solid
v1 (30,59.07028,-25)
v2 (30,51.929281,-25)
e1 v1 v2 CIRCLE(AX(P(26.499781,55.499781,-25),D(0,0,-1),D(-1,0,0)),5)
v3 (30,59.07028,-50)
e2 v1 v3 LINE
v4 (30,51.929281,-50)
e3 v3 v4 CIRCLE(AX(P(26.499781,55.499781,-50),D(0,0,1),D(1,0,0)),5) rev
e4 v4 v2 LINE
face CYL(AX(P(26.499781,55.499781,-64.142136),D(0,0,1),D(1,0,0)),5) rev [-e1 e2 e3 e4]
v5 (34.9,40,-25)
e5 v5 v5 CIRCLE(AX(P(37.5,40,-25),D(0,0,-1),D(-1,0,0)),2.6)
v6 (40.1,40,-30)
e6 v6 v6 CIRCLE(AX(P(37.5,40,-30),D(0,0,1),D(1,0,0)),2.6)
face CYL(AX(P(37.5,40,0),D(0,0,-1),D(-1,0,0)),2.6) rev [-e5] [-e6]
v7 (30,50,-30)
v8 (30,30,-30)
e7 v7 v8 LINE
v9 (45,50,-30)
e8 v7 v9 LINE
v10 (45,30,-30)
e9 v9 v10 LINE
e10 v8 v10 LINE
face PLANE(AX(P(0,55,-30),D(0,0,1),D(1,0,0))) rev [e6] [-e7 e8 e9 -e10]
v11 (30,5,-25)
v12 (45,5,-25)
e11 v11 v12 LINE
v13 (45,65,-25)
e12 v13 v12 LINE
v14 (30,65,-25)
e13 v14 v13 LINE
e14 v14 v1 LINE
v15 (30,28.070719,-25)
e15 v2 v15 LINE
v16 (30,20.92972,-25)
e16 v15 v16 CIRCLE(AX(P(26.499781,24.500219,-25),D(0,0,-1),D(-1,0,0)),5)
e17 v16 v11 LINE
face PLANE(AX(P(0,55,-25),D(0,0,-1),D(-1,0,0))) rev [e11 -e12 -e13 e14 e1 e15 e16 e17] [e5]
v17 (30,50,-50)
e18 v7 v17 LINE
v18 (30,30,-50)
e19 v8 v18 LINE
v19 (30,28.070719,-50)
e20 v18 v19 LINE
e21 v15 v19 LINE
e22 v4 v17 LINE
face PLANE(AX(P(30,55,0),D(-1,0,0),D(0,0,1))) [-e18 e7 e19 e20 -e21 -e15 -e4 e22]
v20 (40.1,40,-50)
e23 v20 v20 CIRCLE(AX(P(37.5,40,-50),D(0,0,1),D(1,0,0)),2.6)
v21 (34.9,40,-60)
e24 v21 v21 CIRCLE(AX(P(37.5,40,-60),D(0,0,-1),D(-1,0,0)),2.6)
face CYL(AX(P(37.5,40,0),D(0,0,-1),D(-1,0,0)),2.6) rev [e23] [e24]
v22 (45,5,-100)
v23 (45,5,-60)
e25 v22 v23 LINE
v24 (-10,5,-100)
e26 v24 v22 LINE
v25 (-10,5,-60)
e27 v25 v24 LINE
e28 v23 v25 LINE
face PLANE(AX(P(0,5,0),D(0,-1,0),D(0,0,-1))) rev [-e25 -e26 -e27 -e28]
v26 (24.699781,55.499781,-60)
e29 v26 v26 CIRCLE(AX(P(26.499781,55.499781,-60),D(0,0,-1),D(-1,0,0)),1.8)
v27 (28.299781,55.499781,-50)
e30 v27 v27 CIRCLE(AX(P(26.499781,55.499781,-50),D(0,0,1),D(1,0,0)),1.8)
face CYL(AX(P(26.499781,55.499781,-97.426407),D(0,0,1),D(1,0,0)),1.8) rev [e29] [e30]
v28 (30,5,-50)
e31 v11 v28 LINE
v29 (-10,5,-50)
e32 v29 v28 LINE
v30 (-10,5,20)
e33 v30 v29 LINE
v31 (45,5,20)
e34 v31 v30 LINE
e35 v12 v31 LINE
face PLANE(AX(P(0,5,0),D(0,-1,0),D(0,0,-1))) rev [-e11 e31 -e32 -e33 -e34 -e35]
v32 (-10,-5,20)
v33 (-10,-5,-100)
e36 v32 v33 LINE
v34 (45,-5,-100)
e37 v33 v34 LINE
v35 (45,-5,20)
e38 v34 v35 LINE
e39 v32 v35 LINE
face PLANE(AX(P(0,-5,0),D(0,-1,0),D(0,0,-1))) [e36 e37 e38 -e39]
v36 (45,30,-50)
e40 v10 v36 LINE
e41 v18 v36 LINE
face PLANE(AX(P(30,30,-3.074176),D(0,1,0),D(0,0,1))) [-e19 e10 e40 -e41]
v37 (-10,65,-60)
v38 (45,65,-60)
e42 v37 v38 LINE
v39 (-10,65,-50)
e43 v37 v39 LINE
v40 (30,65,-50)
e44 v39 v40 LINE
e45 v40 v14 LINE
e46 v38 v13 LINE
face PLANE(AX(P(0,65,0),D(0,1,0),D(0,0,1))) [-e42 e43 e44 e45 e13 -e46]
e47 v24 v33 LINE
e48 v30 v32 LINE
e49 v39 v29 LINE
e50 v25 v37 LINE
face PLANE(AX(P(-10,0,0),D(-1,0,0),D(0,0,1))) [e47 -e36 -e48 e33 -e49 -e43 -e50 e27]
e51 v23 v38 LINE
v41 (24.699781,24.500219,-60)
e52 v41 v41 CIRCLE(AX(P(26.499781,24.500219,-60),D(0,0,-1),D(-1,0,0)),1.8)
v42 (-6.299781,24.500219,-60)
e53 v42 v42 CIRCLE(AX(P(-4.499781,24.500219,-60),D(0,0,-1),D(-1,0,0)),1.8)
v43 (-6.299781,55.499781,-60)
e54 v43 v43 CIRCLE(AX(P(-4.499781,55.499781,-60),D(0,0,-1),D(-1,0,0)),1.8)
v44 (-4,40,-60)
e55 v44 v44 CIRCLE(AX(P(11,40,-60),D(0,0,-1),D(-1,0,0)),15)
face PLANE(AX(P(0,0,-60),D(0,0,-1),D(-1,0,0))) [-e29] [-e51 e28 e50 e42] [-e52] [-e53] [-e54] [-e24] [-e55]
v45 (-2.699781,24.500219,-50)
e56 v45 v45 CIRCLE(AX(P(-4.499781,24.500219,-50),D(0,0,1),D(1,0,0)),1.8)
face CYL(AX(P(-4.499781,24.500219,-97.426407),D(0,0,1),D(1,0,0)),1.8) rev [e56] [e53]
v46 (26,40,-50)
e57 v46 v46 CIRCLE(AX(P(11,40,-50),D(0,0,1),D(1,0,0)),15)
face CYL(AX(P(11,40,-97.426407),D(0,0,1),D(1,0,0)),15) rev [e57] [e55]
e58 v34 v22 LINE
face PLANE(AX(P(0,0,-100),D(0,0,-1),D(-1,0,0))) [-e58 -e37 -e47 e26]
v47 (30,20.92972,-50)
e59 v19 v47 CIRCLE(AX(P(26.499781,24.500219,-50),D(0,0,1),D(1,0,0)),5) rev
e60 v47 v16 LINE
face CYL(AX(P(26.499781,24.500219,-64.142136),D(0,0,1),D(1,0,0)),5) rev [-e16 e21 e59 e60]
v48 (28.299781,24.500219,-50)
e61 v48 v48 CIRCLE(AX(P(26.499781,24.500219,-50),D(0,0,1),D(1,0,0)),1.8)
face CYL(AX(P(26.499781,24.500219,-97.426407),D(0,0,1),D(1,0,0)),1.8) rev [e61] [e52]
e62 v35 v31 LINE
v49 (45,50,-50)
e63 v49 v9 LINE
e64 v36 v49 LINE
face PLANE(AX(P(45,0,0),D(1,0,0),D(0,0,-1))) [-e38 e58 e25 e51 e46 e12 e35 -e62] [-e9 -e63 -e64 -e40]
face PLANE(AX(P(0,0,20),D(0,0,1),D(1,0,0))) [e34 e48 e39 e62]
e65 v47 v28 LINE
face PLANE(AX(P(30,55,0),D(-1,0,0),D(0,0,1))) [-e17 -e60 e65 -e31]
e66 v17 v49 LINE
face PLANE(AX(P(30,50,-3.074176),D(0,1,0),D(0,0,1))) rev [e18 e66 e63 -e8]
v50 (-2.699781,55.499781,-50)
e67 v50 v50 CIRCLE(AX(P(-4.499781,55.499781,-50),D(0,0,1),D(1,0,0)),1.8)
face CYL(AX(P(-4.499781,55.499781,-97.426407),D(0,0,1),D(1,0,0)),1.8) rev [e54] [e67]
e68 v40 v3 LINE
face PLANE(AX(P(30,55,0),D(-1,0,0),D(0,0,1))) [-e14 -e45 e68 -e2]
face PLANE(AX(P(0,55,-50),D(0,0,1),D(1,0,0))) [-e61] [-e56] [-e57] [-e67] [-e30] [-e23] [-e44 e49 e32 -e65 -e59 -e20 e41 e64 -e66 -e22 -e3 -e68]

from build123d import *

# Parameters (mm, degrees)
SKETCH4_W               = 40
SKETCH4_H               = 80
BOSS_EXTRUDE4_DEPTH     = 5
SKETCH5_W               = 10
SKETCH5_H               = 5
BOSS_EXTRUDE6_DEPTH     = 50
SKETCH7_W               = 10
SKETCH7_H               = 25
SKETCH7_H_2             = 5
BOSS_EXTRUDE7_DEPTH     = 20
SKETCH8_W               = 40
SKETCH8_H               = 5
BOSS_EXTRUDE8_DEPTH     = 20
SKETCH9_W               = 100
SKETCH9_H               = 5
BOSS_EXTRUDE9_DEPTH     = 10
SKETCH10_W              = 5
SKETCH10_H              = 50
BOSS_EXTRUDE10_DEPTH    = 40
BOSS_EXTRUDE11_DEPTH    = 10
SKETCH12_R              = 15
SKETCH12_R_2            = 1.8
CUT_EXTRUDE1_DEPTH      = 5
CUT_EXTRUDE2_DEPTH      = 92.241437954
CUT_EXTRUDE2_DEPTH_BACK = 92.241437954
SKETCH13_R              = 2.25
SKETCH14_R              = 4
SKETCH14_R_2            = 2.25
CUT_EXTRUDE4_DEPTH      = 2
CUT_EXTRUDE5_START      = -2
SKETCH15_R              = 4
SKETCH15_R_2            = 2.25
CUT_EXTRUDE5_DEPTH      = 2
SKETCH17_R              = 5
CUT_EXTRUDE6_DEPTH      = 25
SKETCH19_W              = 50
SKETCH19_H              = 60
SKETCH19_R              = 1.8
SKETCH19_R_2            = 15
SKETCH19_R_3            = 4
BOSS_EXTRUDE13_DEPTH    = 5
SKETCH20_R              = 4
SKETCH20_R_2            = 2.25
BOSS_EXTRUDE14_DEPTH    = 5
SKETCH21_W              = 20
SKETCH21_H              = 20
BOSS_EXTRUDE15_DEPTH    = 5
BOSS_EXTRUDE16_START    = -10
SKETCH22_R              = 4
BOSS_EXTRUDE16_DEPTH    = 10
SKETCH23_R              = 4
BOSS_EXTRUDE17_DEPTH    = 5
CUT_EXTRUDE7_DEPTH      = 106.59356041
CUT_EXTRUDE7_DEPTH_BACK = 106.59356041
SKETCH24_R              = 2.6
SKETCH25_W              = 55
SKETCH25_H              = 100
BOSS_EXTRUDE18_DEPTH    = 5
SKETCH26_W              = 55
SKETCH26_H              = 10
BOSS_EXTRUDE19_DEPTH    = 20


with BuildPart() as part:
    # Sketch4 → Boss-Extrude4 (new body)
    with BuildSketch(Plane(origin=(0, 0, 0), x_dir=(1, 0, 0), z_dir=(0, 1, 0))):
        with Locations((20, 40)):
            Rectangle(SKETCH4_W, SKETCH4_H)
    extrude(amount=BOSS_EXTRUDE4_DEPTH)

    # Sketch5 → Boss-Extrude6 (add)
    with BuildSketch(Plane(origin=(0, 5, 0), x_dir=(1, 0, 0), z_dir=(0, 1, 0))):
        with Locations((35, 52.5)):
            Rectangle(SKETCH5_W, SKETCH5_H)
        with Locations((35, 27.5)):
            Rectangle(SKETCH5_W, SKETCH5_H)
    extrude(amount=BOSS_EXTRUDE6_DEPTH)

    # Sketch7 → Boss-Extrude7 (add)
    with BuildSketch(Plane.XY.offset(-50)):
        with Locations((35, 17.5)):
            Rectangle(SKETCH7_W, SKETCH7_H)
        with Locations((35, 52.5)):
            Rectangle(SKETCH7_W, SKETCH7_H_2)
    extrude(amount=BOSS_EXTRUDE7_DEPTH)

    # Sketch8 → Boss-Extrude8 (add)
    with BuildSketch(Plane(origin=(0, 0, -80), x_dir=(-1, 0, 0), z_dir=(0, 0, -1))):
        with Locations((-20, 2.5)):
            Rectangle(SKETCH8_W, SKETCH8_H)
    extrude(amount=BOSS_EXTRUDE8_DEPTH)

    # Sketch9 → Boss-Extrude9 (add)
    with BuildSketch(Plane.ZY):
        with Locations((-50, 2.5)):
            Rectangle(SKETCH9_W, SKETCH9_H)
    extrude(amount=BOSS_EXTRUDE9_DEPTH)

    # Sketch10 → Boss-Extrude10 (add)
    with BuildSketch(Plane.ZY.offset(-30)):
        with Locations((-52.5, 30)):
            Rectangle(SKETCH10_W, SKETCH10_H)
    extrude(amount=BOSS_EXTRUDE10_DEPTH)

    # Sketch11 → Boss-Extrude11 (add)
    with BuildSketch(Plane(origin=(0, 55, 0), x_dir=(1, 0, 0), z_dir=(0, 1, 0))):
        Polygon((40, 55), (-10, 55), (-10, 50), (30, 50), (30, 25), (40, 25), align=None)
    extrude(amount=BOSS_EXTRUDE11_DEPTH)

    # Sketch12 → Cut-Extrude1 (cut)
    with BuildSketch(Plane.XY.offset(-50)):
        with Locations((11, 40)):
            Circle(SKETCH12_R)
        with Locations((-4.499780644, 55.499780644)):
            Circle(SKETCH12_R_2)
        with Locations((26.499780644, 55.499780644)):
            Circle(SKETCH12_R_2)
        with Locations((-4.499780644, 24.500219356)):
            Circle(SKETCH12_R_2)
        with Locations((26.499780644, 24.500219356)):
            Circle(SKETCH12_R_2)
    extrude(amount=-CUT_EXTRUDE1_DEPTH, mode=Mode.SUBTRACT)

    # Sketch13 → Cut-Extrude2 (cut, two sides: drawn at the far end of the back side and taken through both)
    with BuildSketch(Plane.XY.offset(-50).offset(-CUT_EXTRUDE2_DEPTH_BACK)):
        with Locations((35, 40)):
            Circle(SKETCH13_R)
    extrude(amount=CUT_EXTRUDE2_DEPTH + CUT_EXTRUDE2_DEPTH_BACK, mode=Mode.SUBTRACT)

    # Sketch14 → Cut-Extrude4 (cut)
    with BuildSketch(Plane.XY.offset(-25)):
        with Locations((35, 40)):
            Circle(SKETCH14_R)
        with Locations((35, 40)):
            Circle(SKETCH14_R_2, mode=Mode.SUBTRACT)
    extrude(amount=-CUT_EXTRUDE4_DEPTH, mode=Mode.SUBTRACT)

    # Sketch15 → Cut-Extrude5 (cut)
    with BuildSketch(Plane(origin=(0, 0, -55), x_dir=(-1, 0, 0), z_dir=(0, 0, -1)).offset(CUT_EXTRUDE5_START)):
        with Locations(Location((-35, 40, 0), (0, 0, 180))):
            Circle(SKETCH15_R)
        with Locations(Location((-35, 40, 0), (0, 0, 180))):
            Circle(SKETCH15_R_2, mode=Mode.SUBTRACT)
    extrude(amount=CUT_EXTRUDE5_DEPTH, mode=Mode.SUBTRACT)

    # Sketch17 → Cut-Extrude6 (cut)
    with BuildSketch(Plane.XY.offset(-25)):
        with Locations((26.499780644, 55.499780644)):
            Circle(SKETCH17_R)
        with Locations((26.499780644, 24.500219356)):
            Circle(SKETCH17_R)
    extrude(amount=-CUT_EXTRUDE6_DEPTH, mode=Mode.SUBTRACT)

    # Sketch19 → Boss-Extrude13 (add)
    with BuildSketch(Plane(origin=(0, 0, -55), x_dir=(-1, 0, 0), z_dir=(0, 0, -1))):
        with Locations((-15, 35)):
            Rectangle(SKETCH19_W, SKETCH19_H)
        with Locations(Location((4.499780644, 55.499780644, 0), (0, 0, 180))):
            Circle(SKETCH19_R, mode=Mode.SUBTRACT)
        with Locations(Location((4.499780644, 24.500219356, 0), (0, 0, 180))):
            Circle(SKETCH19_R, mode=Mode.SUBTRACT)
        with Locations(Location((-26.499780644, 24.500219356, 0), (0, 0, 180))):
            Circle(SKETCH19_R, mode=Mode.SUBTRACT)
        with Locations(Location((-11, 40, 0), (0, 0, 180))):
            Circle(SKETCH19_R_2, mode=Mode.SUBTRACT)
        with Locations(Location((-35, 40, 0), (0, 0, 180))):
            Circle(SKETCH19_R_3, mode=Mode.SUBTRACT)
        with Locations(Location((-26.499780644, 55.499780644, 0), (0, 0, 180))):
            Circle(SKETCH19_R, mode=Mode.SUBTRACT)
    extrude(amount=BOSS_EXTRUDE13_DEPTH)

    # Sketch20 → Boss-Extrude14 (add)
    with BuildSketch(Plane(origin=(0, 0, -53), x_dir=(-1, 0, 0), z_dir=(0, 0, -1))):
        with Locations(Location((-35, 40, 0), (0, 0, 180))):
            Circle(SKETCH20_R)
        with Locations(Location((-35, 40, 0), (0, 0, 180))):
            Circle(SKETCH20_R_2, mode=Mode.SUBTRACT)
    extrude(amount=BOSS_EXTRUDE14_DEPTH)

    # Sketch21 → Boss-Extrude15 (add)
    with BuildSketch(Plane(origin=(40, 0, 0), x_dir=(0, 0, -1), z_dir=(1, 0, 0))):
        Polygon((100, 5), (60, 5), (60, 65), (25, 65), (25, 5), (0, 5), (0, 0), (100, 0), align=None)
        with Locations((40, 40)):
            Rectangle(SKETCH21_W, SKETCH21_H, mode=Mode.SUBTRACT)
    extrude(amount=BOSS_EXTRUDE15_DEPTH)

    # Sketch22 → Boss-Extrude16 (add)
    with BuildSketch(Plane(origin=(0, 0, -60), x_dir=(-1, 0, 0), z_dir=(0, 0, -1)).offset(BOSS_EXTRUDE16_START)):
        with Locations(Location((-35, 40, 0), (0, 0, 180))):
            Circle(SKETCH22_R)
    extrude(amount=BOSS_EXTRUDE16_DEPTH)

    # Sketch23 → Boss-Extrude17 (add)
    with BuildSketch(Plane.XY.offset(-25)):
        with Locations((35, 40)):
            Circle(SKETCH23_R)
    extrude(amount=-BOSS_EXTRUDE17_DEPTH)

    # Sketch24 → Cut-Extrude7 (cut, two sides: drawn at the far end of the back side and taken through both)
    with BuildSketch(Plane(origin=(0, 0, -30), x_dir=(-1, 0, 0), z_dir=(0, 0, -1)).offset(-CUT_EXTRUDE7_DEPTH_BACK)):
        with Locations((-37.5, 40)):
            Circle(SKETCH24_R)
    extrude(amount=CUT_EXTRUDE7_DEPTH + CUT_EXTRUDE7_DEPTH_BACK, mode=Mode.SUBTRACT)

    # Sketch25 → Boss-Extrude18 (add)
    with BuildSketch(Plane.XZ):
        with Locations((17.5, -50)):
            Rectangle(SKETCH25_W, SKETCH25_H)
    extrude(amount=BOSS_EXTRUDE18_DEPTH)

    # Sketch26 → Boss-Extrude19 (add)
    with BuildSketch(Plane.XY):
        with Locations((17.5, 0)):
            Rectangle(SKETCH26_W, SKETCH26_H)
    extrude(amount=BOSS_EXTRUDE19_DEPTH)


solid = part.part
